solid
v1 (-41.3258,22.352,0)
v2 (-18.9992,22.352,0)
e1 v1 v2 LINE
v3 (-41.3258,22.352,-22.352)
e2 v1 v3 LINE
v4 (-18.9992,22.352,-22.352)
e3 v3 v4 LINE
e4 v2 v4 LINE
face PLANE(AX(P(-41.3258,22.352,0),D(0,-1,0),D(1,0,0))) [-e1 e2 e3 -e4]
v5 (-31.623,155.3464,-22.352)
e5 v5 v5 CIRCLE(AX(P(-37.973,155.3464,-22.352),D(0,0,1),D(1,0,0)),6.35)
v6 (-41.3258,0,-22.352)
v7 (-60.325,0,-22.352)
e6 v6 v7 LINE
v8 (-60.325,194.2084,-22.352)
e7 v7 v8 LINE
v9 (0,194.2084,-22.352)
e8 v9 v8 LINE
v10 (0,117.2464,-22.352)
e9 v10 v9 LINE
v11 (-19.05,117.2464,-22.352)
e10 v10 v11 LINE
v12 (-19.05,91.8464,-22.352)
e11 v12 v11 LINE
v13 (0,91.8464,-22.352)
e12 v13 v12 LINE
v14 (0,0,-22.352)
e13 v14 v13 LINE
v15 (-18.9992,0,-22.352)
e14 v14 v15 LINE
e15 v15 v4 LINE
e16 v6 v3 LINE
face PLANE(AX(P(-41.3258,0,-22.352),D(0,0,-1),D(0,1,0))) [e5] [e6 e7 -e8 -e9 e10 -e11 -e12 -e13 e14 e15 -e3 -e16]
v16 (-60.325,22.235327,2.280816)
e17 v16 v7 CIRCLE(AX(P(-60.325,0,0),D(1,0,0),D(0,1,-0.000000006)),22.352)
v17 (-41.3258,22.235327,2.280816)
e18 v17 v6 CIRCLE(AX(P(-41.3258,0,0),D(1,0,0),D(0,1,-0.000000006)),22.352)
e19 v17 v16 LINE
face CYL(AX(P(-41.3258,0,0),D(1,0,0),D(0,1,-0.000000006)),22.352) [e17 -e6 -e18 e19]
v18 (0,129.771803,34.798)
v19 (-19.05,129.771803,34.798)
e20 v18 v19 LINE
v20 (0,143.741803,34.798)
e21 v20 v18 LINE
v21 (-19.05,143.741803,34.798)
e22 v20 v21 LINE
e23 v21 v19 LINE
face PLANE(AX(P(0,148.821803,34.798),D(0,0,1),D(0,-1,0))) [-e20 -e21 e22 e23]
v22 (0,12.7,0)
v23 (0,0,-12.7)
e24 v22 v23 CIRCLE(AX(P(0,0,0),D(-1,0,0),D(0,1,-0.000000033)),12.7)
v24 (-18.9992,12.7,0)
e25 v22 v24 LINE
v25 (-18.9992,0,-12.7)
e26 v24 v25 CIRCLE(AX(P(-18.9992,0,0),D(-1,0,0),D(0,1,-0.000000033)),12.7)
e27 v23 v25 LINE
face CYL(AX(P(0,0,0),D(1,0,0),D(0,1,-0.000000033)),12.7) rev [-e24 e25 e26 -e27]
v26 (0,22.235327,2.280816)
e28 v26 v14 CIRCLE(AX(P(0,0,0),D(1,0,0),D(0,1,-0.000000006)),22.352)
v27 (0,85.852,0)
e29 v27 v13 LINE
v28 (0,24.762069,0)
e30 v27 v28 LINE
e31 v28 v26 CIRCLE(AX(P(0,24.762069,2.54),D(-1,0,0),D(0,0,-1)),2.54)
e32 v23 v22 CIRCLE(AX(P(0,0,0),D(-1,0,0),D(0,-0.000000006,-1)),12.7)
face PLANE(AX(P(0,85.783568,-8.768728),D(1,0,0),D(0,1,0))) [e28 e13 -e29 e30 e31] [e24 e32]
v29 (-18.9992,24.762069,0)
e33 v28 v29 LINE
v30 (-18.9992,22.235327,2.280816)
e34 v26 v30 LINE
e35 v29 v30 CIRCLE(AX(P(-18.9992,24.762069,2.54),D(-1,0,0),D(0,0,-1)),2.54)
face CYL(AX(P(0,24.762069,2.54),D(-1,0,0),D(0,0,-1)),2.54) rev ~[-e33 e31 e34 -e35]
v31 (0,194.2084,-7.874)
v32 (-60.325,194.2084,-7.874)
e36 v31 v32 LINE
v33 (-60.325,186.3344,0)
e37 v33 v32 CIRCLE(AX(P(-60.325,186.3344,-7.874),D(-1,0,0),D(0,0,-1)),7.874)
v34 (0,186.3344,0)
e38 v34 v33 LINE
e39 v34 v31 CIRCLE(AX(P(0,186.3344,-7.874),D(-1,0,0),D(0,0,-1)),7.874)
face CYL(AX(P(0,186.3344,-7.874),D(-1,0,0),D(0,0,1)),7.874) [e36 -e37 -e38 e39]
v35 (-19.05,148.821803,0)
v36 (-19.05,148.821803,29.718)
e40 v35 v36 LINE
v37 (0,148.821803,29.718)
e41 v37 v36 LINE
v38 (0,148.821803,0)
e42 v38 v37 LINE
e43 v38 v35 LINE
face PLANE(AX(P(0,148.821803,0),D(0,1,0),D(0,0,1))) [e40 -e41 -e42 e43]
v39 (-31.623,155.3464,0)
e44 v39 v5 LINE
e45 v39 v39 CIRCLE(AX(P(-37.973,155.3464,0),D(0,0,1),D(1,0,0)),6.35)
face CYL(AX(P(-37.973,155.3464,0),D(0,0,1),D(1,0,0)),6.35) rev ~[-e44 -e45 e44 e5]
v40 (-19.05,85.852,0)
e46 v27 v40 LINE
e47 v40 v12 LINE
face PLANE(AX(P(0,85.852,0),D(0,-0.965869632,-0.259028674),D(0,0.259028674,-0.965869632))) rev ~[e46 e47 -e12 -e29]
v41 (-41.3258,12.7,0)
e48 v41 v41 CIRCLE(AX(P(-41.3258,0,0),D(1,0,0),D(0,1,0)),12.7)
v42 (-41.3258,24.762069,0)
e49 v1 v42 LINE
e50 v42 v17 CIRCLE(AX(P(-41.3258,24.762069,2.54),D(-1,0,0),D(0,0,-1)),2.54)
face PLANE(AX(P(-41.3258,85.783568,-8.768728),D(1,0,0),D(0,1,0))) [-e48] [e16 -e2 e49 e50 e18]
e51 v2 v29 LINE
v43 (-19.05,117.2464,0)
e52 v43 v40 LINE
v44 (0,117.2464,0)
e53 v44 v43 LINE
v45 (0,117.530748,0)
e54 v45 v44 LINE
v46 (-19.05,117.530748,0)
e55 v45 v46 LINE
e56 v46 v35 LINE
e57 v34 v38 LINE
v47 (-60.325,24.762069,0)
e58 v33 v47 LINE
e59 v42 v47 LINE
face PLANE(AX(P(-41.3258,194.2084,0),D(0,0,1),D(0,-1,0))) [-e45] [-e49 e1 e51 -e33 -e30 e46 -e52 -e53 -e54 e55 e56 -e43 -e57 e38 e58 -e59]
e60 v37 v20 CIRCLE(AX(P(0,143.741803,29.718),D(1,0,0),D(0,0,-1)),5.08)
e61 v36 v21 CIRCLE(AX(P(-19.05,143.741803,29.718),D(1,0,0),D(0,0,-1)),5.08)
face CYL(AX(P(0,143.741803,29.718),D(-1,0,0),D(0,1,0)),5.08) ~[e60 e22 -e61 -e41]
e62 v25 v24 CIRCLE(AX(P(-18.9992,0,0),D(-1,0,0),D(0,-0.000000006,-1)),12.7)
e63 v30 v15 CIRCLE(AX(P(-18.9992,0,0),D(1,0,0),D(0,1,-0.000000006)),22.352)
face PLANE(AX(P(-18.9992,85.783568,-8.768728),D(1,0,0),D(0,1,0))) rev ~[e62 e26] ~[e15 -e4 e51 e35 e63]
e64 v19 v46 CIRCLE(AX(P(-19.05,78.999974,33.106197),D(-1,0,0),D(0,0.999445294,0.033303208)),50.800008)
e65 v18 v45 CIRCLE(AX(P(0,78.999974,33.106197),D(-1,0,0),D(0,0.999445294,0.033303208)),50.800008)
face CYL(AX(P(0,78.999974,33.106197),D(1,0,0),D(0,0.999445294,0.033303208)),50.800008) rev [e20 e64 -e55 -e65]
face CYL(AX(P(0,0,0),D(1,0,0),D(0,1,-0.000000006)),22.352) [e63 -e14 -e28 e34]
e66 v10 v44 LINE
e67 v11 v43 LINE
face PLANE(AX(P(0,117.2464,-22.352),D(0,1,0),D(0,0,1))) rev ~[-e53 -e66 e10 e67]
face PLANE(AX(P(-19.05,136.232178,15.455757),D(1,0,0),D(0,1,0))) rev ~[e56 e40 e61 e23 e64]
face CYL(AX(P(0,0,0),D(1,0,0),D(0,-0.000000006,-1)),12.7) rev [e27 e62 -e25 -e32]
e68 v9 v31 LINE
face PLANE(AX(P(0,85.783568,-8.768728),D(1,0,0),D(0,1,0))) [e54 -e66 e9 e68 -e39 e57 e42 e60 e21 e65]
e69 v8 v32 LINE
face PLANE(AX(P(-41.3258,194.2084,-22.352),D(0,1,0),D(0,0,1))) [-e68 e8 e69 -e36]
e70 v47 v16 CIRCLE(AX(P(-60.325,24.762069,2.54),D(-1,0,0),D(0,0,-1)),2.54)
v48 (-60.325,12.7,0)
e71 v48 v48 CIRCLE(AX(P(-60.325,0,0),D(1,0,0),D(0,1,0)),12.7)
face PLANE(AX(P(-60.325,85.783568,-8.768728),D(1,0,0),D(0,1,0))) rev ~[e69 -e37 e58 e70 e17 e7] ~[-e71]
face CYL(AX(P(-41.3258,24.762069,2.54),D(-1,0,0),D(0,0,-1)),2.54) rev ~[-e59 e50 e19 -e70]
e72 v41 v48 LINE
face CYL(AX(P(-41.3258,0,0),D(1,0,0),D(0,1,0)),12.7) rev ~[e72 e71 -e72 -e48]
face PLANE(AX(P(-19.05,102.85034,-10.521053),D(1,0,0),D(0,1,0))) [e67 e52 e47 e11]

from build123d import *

# Parameters (mm, degrees)
F1_DEPTH  = 18.9992
F2_W      = 22.3266
F2_H      = 171.8564
F3_DEPTH  = 22.352
F5_R      = 12.7
F6_DEPTH  = 18.9992
F8_DEPTH  = 19.05
F10_DEPTH = 19.05
F11_R     = 6.35
F12_DEPTH = 22.353
F13_R     = 5.08
F14_R     = 7.874
F15_R     = 2.54


with BuildPart() as f1:
    # F0 (on Right) → F1 (new body)
    with BuildSketch(Plane.YZ):
        with BuildLine():
            ThreePointArc((22.352, 0), (-15.805251, 15.805251), (0, -22.352))
            Line((0, -22.352), (194.2084, -22.352))
            Line((194.2084, -22.352), (194.2084, 0))
            Line((194.2084, 0), (22.352, 0))
        make_face()
        with BuildLine():
            ThreePointArc((0, -12.7), (-8.980256, 8.980256), (12.7, 0))
            ThreePointArc((12.7, 0), (8.980256, -8.980256), (0, -12.7))
        make_face(mode=Mode.SUBTRACT)
    extrude(amount=-F1_DEPTH)

    # F2 (on Top) → F3 (join)
    with BuildSketch(Plane.XY):
        with Locations((-30.1625, 108.2802)):
            Rectangle(F2_W, F2_H)
    extrude(amount=-F3_DEPTH)

    # F5 (on offset) → F6 (join)
    with BuildSketch(Plane.YZ.offset(-41.3258)):
        with BuildLine():
            Line((194.2084, 0), (22.352, 0))
            ThreePointArc((22.352, 0), (-15.805251, 15.805251), (0, -22.352))
            Line((0, -22.352), (194.2084, -22.352))
            Line((194.2084, -22.352), (194.2084, 0))
        make_face()
        Circle(F5_R, mode=Mode.SUBTRACT)
    extrude(amount=-F6_DEPTH)

    # F7 (on Right) → F8 (cut)
    with BuildSketch(Plane.YZ):
        Polygon((117.2464, 0), (85.852, 0), (91.8464, -22.352), (117.2464, -22.352), align=None)
    extrude(amount=-F8_DEPTH, mode=Mode.SUBTRACT)

    # F9 (on Right) → F10 (join)
    with BuildSketch(Plane.YZ):
        with BuildLine():
            ThreePointArc((129.771803, 34.798), (126.921409, 16.24865), (117.530748, 0))
            Line((117.530748, 0), (148.821803, 0))
            Line((148.821803, 0), (148.821803, 34.798))
            Line((148.821803, 34.798), (129.771803, 34.798))
        make_face()
    extrude(amount=-F10_DEPTH)

    # F11 (on face) → F12 (cut, through all)
    with BuildSketch(Plane.XY):
        with Locations((-37.973, 155.3464)):
            Circle(F11_R)
    extrude(amount=-F12_DEPTH, mode=Mode.SUBTRACT)

    # F13
    f13_edges = [f1.edges().sort_by_distance(p)[0] for p in [
        (-9.525, 148.821803, 34.798),
    ]]
    fillet(f13_edges, radius=F13_R)

    # F14
    f14_edges = [f1.edges().sort_by_distance(p)[0] for p in [
        (-30.1625, 194.2084, 0),
    ]]
    fillet(f14_edges, radius=F14_R)

    # F15
    f15_edges = [f1.edges().sort_by_distance(p)[0] for p in [
        (-9.4996, 22.352, 0),
        (-50.8254, 22.352, 0),
    ]]
    fillet(f15_edges, radius=F15_R)


solid = f1.part
